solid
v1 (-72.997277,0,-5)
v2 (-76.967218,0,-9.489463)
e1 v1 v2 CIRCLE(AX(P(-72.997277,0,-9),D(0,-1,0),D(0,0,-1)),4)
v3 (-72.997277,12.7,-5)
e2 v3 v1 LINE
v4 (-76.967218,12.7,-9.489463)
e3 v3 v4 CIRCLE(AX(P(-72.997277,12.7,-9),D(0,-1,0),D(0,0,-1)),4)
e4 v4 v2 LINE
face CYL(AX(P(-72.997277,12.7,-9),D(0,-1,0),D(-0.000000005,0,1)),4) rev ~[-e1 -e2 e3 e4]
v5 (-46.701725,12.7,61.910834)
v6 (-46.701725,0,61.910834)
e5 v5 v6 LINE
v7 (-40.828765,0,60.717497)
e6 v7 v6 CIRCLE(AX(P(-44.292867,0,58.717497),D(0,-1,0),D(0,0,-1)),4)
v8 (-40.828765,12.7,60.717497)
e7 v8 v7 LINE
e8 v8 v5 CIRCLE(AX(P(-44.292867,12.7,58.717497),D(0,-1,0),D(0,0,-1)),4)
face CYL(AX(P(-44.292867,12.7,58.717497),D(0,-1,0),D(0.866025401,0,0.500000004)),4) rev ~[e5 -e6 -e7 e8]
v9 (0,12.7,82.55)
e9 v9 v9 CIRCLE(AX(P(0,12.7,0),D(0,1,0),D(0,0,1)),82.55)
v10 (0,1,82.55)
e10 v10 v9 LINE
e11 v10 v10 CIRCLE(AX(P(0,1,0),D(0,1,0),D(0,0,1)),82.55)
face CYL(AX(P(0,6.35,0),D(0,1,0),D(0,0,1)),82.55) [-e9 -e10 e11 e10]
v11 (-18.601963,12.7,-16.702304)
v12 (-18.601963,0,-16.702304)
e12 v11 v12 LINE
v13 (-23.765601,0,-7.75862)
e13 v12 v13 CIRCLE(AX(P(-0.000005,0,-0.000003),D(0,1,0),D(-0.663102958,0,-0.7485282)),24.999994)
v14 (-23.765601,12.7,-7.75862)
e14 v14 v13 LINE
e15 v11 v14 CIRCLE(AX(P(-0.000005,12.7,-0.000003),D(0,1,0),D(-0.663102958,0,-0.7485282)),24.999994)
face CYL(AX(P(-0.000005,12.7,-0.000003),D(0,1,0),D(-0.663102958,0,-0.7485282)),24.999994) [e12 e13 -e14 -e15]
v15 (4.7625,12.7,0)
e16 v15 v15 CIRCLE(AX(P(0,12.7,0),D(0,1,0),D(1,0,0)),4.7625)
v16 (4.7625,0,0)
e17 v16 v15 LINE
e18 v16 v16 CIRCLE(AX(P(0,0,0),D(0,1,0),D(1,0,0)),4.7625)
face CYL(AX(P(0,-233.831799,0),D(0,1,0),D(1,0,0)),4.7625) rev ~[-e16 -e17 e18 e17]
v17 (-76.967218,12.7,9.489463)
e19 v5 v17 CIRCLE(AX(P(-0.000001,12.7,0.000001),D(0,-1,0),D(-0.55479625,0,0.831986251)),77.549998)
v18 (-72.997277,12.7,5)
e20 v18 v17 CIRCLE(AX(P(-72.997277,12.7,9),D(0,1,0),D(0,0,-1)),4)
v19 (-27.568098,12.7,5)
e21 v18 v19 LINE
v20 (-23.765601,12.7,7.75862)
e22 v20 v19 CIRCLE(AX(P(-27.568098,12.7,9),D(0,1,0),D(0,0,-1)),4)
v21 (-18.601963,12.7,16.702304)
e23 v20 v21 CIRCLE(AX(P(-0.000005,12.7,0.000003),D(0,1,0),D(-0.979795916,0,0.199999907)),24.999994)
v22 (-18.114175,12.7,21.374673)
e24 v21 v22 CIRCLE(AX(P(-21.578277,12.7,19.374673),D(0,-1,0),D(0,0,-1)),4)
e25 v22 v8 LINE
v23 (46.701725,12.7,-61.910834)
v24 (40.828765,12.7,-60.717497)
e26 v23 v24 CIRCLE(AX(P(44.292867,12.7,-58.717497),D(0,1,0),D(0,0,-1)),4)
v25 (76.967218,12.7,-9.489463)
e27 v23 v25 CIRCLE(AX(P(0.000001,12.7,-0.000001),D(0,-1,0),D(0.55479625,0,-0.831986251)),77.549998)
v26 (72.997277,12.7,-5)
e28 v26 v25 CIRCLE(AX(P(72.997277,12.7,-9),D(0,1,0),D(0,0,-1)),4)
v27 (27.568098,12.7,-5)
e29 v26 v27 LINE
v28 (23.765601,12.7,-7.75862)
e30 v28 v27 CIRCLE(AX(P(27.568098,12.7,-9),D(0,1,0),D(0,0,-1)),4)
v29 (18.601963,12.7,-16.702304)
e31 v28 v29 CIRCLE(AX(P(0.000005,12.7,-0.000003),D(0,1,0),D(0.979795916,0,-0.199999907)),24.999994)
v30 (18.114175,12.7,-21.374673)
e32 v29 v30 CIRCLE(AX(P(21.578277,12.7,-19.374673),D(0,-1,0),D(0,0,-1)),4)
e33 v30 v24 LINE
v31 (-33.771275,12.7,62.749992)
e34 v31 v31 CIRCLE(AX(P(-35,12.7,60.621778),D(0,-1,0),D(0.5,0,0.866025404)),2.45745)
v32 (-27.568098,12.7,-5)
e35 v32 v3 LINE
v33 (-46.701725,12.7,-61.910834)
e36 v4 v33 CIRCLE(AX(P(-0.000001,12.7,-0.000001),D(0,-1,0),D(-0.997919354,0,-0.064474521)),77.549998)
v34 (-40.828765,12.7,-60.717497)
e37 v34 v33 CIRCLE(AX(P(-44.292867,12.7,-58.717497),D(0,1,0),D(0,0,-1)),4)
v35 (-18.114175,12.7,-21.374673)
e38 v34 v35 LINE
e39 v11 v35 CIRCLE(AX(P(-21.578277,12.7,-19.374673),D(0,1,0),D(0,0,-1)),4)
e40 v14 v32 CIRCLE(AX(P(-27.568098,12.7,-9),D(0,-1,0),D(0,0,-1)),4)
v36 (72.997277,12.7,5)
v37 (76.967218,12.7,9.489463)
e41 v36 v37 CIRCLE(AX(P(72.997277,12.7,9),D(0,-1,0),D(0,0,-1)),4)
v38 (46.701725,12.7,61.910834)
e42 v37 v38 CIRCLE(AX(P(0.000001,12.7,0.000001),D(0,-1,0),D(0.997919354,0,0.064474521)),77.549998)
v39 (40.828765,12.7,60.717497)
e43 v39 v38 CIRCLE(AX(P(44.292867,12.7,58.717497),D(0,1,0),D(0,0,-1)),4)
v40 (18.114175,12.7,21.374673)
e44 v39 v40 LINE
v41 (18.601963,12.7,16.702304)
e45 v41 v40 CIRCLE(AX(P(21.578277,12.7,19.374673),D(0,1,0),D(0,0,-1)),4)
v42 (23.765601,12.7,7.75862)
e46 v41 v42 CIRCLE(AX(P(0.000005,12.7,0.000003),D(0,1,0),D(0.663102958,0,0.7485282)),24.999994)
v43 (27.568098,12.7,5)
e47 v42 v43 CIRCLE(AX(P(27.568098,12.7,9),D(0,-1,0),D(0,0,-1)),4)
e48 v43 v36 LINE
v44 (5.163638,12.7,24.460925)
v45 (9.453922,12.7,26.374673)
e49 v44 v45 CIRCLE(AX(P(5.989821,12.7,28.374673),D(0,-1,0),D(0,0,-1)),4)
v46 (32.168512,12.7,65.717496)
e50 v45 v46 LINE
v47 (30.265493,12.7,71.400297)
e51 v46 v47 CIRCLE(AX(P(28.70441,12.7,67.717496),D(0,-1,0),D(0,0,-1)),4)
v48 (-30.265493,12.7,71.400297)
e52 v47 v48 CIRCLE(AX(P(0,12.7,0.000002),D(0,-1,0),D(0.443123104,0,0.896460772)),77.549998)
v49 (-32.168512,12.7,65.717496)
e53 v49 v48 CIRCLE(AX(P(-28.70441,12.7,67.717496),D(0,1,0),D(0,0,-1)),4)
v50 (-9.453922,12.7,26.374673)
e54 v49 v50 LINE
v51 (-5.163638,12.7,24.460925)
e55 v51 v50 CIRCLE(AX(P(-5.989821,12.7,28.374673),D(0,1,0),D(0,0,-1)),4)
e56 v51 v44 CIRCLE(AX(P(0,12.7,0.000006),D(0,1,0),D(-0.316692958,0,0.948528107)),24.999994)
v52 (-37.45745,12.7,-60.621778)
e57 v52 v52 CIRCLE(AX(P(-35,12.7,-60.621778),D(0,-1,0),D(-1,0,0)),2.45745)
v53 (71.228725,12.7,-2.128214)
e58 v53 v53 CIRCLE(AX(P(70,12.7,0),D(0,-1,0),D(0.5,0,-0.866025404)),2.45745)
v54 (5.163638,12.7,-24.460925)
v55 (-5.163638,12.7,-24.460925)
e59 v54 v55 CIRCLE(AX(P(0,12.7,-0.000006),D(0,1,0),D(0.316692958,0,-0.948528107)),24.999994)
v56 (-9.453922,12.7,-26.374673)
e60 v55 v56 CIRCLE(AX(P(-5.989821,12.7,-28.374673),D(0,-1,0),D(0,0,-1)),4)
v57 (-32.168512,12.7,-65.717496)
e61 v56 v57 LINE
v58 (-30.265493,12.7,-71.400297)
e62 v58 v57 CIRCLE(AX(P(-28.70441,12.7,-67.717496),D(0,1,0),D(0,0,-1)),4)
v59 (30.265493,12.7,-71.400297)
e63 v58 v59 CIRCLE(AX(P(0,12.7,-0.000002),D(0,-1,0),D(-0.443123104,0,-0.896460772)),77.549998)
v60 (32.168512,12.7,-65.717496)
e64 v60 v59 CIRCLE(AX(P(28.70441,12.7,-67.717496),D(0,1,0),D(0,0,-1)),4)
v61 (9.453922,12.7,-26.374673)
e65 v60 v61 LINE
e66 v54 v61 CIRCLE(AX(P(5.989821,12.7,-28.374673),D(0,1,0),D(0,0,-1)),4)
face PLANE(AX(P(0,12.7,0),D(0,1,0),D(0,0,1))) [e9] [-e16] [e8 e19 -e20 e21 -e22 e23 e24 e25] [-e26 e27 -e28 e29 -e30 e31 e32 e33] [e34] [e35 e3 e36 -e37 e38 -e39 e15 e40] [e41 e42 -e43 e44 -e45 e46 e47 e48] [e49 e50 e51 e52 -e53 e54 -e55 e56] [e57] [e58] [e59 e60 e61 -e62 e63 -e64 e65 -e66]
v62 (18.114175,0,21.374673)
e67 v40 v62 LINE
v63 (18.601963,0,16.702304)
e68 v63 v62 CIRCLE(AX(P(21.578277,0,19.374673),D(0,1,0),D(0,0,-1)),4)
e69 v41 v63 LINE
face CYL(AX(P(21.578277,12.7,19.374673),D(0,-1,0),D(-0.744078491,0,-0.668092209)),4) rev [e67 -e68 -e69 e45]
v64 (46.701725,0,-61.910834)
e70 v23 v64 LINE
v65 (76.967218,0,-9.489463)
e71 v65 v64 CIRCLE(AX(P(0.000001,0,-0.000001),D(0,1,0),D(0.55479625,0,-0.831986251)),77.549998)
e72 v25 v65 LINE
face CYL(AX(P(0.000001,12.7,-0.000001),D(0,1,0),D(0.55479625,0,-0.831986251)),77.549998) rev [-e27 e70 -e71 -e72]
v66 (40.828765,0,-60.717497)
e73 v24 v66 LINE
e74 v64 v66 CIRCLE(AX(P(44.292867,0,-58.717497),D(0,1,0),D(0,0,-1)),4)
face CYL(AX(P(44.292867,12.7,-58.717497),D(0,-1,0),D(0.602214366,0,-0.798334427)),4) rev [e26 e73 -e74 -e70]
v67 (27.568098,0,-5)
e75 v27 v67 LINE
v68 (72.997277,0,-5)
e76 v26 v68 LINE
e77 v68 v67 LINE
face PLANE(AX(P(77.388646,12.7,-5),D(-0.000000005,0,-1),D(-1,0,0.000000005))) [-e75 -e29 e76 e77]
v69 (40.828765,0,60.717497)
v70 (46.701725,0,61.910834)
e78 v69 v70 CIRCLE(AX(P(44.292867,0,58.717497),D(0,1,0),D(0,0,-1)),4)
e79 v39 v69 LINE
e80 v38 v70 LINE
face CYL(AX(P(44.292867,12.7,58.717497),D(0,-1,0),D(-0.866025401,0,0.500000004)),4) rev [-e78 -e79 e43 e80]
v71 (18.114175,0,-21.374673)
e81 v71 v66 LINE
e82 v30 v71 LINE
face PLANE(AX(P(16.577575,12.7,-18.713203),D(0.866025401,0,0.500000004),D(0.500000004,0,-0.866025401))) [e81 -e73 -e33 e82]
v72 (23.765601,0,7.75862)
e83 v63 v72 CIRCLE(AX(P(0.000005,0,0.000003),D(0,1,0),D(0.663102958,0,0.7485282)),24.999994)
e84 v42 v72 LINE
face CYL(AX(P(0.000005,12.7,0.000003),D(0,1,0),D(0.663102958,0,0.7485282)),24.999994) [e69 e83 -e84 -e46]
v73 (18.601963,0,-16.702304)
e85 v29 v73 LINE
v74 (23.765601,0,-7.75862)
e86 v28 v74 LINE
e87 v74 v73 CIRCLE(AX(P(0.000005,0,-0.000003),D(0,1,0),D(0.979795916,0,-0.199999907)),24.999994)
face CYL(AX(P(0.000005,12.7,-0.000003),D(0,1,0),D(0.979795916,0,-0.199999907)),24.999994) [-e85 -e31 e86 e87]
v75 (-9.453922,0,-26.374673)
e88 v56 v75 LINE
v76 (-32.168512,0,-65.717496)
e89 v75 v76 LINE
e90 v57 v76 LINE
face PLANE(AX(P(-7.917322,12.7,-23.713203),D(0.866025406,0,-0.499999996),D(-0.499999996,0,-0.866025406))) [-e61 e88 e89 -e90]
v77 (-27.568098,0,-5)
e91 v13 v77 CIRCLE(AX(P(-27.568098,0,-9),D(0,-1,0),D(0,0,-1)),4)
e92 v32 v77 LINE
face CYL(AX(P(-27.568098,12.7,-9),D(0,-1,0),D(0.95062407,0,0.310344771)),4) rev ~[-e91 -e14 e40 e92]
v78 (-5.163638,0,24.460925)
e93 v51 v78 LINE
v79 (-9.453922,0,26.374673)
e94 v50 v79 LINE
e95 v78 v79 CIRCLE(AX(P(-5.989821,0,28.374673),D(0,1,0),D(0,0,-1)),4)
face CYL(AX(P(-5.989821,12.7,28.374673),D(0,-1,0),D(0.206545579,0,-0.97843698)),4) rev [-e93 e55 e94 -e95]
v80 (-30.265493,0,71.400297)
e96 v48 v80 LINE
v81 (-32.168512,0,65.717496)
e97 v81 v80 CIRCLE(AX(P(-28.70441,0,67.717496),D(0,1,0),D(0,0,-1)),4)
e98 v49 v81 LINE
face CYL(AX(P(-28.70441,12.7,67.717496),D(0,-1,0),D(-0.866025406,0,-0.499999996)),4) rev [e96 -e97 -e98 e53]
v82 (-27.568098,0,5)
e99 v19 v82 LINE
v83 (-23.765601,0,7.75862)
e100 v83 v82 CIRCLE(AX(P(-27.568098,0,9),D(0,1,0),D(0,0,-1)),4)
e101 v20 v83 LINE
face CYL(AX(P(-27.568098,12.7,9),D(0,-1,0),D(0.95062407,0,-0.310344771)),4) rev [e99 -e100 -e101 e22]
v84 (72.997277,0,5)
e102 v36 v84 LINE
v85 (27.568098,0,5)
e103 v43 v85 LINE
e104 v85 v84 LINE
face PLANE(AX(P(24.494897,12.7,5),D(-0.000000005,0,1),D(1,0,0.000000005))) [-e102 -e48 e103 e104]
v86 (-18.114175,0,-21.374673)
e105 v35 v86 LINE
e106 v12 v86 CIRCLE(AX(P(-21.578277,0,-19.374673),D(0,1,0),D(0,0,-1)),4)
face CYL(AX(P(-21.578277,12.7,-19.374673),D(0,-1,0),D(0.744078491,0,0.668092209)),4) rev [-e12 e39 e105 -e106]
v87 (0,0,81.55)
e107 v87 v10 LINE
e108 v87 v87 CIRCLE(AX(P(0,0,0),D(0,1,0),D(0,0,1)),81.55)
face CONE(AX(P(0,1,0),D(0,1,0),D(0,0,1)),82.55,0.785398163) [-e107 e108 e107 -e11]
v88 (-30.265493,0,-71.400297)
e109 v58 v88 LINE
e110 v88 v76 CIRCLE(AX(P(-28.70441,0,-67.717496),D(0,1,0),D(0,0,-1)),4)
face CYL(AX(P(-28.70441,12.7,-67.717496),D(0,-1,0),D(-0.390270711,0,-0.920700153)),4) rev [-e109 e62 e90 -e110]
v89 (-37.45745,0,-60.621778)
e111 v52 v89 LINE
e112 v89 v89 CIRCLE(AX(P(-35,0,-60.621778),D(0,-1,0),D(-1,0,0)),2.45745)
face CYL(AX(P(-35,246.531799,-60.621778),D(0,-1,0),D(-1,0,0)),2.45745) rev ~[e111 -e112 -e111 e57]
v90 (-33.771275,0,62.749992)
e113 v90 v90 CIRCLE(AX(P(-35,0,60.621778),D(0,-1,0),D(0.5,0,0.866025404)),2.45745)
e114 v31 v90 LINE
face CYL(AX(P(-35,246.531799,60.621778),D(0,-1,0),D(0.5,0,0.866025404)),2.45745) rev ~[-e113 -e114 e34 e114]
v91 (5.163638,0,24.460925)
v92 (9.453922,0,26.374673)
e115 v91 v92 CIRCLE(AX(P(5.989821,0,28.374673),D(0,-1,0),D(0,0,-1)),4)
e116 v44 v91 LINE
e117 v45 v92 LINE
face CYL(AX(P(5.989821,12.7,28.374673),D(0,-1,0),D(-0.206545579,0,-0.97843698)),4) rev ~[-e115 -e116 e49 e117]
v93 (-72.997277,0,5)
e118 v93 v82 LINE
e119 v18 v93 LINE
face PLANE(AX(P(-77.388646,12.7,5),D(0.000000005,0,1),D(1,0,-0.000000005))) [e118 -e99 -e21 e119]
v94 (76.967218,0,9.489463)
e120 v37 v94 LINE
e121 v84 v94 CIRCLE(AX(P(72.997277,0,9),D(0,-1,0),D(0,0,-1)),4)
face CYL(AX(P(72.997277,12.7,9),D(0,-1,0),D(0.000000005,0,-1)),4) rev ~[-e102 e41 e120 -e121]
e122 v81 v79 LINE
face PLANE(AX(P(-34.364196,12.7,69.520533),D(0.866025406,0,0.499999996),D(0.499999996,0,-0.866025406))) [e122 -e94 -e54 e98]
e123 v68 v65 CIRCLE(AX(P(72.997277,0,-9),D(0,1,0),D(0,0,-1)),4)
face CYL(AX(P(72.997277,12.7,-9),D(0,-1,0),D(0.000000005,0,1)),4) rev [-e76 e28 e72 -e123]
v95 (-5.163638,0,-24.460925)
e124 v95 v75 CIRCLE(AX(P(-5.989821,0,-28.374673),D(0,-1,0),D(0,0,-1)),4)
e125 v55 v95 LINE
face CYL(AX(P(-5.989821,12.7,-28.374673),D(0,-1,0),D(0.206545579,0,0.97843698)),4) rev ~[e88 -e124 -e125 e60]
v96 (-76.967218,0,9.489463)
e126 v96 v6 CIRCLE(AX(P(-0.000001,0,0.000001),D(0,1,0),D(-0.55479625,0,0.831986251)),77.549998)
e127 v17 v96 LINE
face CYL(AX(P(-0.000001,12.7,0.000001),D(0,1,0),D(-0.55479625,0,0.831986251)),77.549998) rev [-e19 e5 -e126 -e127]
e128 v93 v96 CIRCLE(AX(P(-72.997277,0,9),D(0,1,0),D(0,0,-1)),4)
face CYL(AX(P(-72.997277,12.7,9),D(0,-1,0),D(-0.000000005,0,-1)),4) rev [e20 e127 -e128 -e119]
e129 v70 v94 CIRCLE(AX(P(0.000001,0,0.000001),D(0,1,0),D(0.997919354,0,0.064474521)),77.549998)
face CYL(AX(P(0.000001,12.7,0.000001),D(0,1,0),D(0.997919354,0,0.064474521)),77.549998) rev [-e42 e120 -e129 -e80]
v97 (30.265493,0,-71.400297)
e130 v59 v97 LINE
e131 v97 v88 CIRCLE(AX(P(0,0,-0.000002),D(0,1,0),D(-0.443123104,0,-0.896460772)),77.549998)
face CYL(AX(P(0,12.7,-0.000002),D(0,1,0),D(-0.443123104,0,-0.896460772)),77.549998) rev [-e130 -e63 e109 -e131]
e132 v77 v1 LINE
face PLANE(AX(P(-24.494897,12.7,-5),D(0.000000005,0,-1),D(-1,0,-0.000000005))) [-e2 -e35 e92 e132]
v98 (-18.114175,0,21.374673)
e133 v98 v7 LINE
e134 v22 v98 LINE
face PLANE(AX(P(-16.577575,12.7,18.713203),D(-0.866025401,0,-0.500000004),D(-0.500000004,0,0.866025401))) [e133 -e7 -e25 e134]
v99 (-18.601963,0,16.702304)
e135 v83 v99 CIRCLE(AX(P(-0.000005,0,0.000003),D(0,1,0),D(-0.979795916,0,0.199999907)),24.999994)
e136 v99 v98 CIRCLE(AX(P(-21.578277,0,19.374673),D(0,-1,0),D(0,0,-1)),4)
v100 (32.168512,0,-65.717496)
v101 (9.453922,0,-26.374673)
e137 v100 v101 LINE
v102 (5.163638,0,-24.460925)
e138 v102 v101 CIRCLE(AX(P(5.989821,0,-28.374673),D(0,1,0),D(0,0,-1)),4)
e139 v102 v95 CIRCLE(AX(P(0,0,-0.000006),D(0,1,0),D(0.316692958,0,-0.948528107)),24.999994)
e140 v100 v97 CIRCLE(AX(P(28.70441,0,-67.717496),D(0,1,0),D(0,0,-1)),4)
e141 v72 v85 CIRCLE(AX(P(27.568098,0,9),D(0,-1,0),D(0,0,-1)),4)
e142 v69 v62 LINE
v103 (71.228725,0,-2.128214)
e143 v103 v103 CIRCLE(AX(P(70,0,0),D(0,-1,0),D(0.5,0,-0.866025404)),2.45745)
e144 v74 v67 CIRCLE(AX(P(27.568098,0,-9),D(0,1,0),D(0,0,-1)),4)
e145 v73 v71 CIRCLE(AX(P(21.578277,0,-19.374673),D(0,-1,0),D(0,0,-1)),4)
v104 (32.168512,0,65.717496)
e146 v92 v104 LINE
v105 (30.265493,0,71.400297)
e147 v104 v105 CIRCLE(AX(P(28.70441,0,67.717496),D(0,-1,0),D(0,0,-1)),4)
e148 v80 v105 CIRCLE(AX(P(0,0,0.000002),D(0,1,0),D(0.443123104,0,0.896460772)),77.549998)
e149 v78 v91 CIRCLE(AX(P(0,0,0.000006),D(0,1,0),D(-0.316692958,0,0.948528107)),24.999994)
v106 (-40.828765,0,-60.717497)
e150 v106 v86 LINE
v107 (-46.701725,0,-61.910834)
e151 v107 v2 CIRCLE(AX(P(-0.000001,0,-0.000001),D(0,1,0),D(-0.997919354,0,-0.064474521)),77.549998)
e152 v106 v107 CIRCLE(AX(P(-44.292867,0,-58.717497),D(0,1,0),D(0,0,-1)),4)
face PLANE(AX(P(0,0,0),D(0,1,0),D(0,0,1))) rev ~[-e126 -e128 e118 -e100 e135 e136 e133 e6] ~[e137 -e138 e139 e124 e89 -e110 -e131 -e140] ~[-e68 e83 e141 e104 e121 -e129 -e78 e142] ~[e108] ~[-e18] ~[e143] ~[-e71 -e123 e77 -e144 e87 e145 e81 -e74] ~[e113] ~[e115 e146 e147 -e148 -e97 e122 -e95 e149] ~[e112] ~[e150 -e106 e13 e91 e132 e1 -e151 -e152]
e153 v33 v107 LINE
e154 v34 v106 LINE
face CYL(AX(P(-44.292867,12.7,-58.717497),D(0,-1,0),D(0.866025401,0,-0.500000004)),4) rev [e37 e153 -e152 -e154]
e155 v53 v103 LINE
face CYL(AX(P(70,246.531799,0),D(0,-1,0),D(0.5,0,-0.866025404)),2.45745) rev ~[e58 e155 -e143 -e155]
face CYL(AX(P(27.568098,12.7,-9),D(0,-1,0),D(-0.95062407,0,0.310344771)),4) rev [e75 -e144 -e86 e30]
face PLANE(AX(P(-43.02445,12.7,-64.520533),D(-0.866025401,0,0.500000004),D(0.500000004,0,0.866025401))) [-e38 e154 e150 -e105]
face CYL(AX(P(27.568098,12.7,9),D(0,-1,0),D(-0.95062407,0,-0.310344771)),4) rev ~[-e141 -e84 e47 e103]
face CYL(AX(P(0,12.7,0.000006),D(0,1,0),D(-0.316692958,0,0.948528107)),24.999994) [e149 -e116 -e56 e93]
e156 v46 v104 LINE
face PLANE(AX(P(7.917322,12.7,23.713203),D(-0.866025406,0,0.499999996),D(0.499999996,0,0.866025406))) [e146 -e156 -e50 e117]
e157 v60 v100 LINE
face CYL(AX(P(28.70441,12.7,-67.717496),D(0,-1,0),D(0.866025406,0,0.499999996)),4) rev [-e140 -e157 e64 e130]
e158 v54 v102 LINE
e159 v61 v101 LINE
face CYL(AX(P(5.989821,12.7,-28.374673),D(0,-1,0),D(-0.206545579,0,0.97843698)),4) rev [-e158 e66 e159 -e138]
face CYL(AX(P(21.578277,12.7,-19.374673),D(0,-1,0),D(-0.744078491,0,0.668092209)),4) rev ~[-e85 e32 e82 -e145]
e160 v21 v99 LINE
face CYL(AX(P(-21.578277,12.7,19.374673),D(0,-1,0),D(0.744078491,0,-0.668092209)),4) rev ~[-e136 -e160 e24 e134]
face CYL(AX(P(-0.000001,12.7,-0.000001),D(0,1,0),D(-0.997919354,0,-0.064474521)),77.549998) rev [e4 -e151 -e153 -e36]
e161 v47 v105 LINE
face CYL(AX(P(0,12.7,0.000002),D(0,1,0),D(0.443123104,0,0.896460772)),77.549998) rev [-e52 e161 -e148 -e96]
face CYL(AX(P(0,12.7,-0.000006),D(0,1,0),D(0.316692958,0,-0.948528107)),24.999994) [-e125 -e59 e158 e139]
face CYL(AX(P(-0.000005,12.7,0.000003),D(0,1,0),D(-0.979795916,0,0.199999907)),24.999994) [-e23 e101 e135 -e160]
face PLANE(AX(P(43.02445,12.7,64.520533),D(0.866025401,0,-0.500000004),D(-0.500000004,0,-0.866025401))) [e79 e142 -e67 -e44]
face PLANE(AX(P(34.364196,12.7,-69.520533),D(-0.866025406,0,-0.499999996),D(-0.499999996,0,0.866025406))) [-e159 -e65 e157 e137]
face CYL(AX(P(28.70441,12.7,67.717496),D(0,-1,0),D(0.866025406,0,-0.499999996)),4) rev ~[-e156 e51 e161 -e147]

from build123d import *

# Parameters (mm, degrees)
SKETCH2_W                    = 82.55
SKETCH2_H                    = 12.7
F_10_0_1935_DIAMETER_HOLE1_D = 4.9149
CIRPATTERN3_COUNT            = 3
CUT_EXTRUDE1_DEPTH           = 13.7
FILLET1_R                    = 4
CIRPATTERN4_COUNT            = 6
FILLET1_OF_CIRPATTERN4_R     = 4
CHAMFER2_SIZE                = 1
F_3_8_0_375_DIAMETER_HOLE1_D = 9.525


with BuildPart() as part:
    # Sketch2 → Revolve1 (revolve)
    with BuildSketch(Plane(origin=(0, 0, 0), x_dir=(0, 0, -1), z_dir=(1, 0, 0))):
        with Locations((-41.275, 6.35)):
            Rectangle(SKETCH2_W, SKETCH2_H)
    revolve(axis=Axis((0, -0.635, 0), (0, 1, 0)))

    # #10 (0.1935) Diameter Hole1 (through all)
    with Locations(Plane(origin=(0, 12.7, 0), x_dir=(1, 0, 0), z_dir=(0, 1, 0))):
        with Locations((-35, 60.621778)):
            f_10_0_1935_diameter_hole1 = Hole(F_10_0_1935_DIAMETER_HOLE1_D / 2)

    # CirPattern3: #10 (0.1935) Diameter Hole1 ×3 about axis
    cirpattern3_axis = Axis((0, 0, 0), (0, 1, 0))
    for i in range(1, CIRPATTERN3_COUNT):
        add(f_10_0_1935_diameter_hole1.rotate(cirpattern3_axis, i * 360 / CIRPATTERN3_COUNT), mode=Mode.SUBTRACT)

    # Sketch8 → Cut-Extrude1 (cut, through all)
    with BuildSketch(Plane(origin=(0, 12.7, 0), x_dir=(1, 0, 0), z_dir=(0, 1, 0))):
        with BuildLine():
            Line((-7.917322, 23.713203), (-34.364196, 69.520533))
            ThreePointArc((-34.364196, 69.520533), (0, 77.55), (34.364196, 69.520533))
            Line((34.364196, 69.520533), (7.917322, 23.713203))
            ThreePointArc((7.917322, 23.713203), (0, 25), (-7.917322, 23.713203))
        make_face()
    cut_extrude1 = extrude(amount=-CUT_EXTRUDE1_DEPTH, mode=Mode.SUBTRACT)

    # Fillet1
    fillet1_edges = [part.edges().sort_by_distance(p)[0] for p in [
        (7.917322, 6.35, -23.713203),
        (-7.917322, 6.35, -23.713203),
        (-34.364196, 6.35, -69.520533),
        (34.364196, 6.35, -69.520533),
    ]]
    fillet(fillet1_edges, radius=FILLET1_R)

    # CirPattern4: Cut-Extrude1 ×6 about axis
    cirpattern4_axis = Axis((0, 0, 0), (0, 1, 0))
    for i in range(1, CIRPATTERN4_COUNT):
        add(cut_extrude1.rotate(cirpattern4_axis, i * 360 / CIRPATTERN4_COUNT), mode=Mode.SUBTRACT)

    # Fillet1 of CirPattern4
    fillet1_of_cirpattern4_edges = [part.edges().sort_by_distance(p)[0] for p in [
        (-16.577576, 6.35, -18.713203),
        (-24.494897, 6.35, -5),
        (-77.388646, 6.35, -5),
        (-43.02445, 6.35, -64.520533),
        (-24.494897, 6.35, 5),
        (-16.577576, 6.35, 18.713203),
        (-43.02445, 6.35, 64.520533),
        (-77.388646, 6.35, 5),
        (-7.917322, 6.35, 23.713203),
        (7.917322, 6.35, 23.713203),
        (34.364196, 6.35, 69.520533),
        (-34.364196, 6.35, 69.520533),
        (16.577576, 6.35, 18.713203),
        (24.494897, 6.35, 5),
        (77.388646, 6.35, 5),
        (43.02445, 6.35, 64.520533),
        (24.494897, 6.35, -5),
        (16.577576, 6.35, -18.713203),
        (43.02445, 6.35, -64.520533),
        (77.388646, 6.35, -5),
    ]]
    fillet(fillet1_of_cirpattern4_edges, radius=FILLET1_OF_CIRPATTERN4_R)

    # Chamfer2
    chamfer2_edges = [part.edges().sort_by_distance(p)[0] for p in [
        (0, 0, -82.55),
    ]]
    chamfer(chamfer2_edges, length=CHAMFER2_SIZE)

    # 3/8 (0.375) Diameter Hole1 (through all)
    with Locations(Plane(origin=(0, 0, 0), x_dir=(-1, 0, 0), z_dir=(0, -1, 0))):
        with Locations((0, 0)):
            Hole(F_3_8_0_375_DIAMETER_HOLE1_D / 2)


solid = part.part
